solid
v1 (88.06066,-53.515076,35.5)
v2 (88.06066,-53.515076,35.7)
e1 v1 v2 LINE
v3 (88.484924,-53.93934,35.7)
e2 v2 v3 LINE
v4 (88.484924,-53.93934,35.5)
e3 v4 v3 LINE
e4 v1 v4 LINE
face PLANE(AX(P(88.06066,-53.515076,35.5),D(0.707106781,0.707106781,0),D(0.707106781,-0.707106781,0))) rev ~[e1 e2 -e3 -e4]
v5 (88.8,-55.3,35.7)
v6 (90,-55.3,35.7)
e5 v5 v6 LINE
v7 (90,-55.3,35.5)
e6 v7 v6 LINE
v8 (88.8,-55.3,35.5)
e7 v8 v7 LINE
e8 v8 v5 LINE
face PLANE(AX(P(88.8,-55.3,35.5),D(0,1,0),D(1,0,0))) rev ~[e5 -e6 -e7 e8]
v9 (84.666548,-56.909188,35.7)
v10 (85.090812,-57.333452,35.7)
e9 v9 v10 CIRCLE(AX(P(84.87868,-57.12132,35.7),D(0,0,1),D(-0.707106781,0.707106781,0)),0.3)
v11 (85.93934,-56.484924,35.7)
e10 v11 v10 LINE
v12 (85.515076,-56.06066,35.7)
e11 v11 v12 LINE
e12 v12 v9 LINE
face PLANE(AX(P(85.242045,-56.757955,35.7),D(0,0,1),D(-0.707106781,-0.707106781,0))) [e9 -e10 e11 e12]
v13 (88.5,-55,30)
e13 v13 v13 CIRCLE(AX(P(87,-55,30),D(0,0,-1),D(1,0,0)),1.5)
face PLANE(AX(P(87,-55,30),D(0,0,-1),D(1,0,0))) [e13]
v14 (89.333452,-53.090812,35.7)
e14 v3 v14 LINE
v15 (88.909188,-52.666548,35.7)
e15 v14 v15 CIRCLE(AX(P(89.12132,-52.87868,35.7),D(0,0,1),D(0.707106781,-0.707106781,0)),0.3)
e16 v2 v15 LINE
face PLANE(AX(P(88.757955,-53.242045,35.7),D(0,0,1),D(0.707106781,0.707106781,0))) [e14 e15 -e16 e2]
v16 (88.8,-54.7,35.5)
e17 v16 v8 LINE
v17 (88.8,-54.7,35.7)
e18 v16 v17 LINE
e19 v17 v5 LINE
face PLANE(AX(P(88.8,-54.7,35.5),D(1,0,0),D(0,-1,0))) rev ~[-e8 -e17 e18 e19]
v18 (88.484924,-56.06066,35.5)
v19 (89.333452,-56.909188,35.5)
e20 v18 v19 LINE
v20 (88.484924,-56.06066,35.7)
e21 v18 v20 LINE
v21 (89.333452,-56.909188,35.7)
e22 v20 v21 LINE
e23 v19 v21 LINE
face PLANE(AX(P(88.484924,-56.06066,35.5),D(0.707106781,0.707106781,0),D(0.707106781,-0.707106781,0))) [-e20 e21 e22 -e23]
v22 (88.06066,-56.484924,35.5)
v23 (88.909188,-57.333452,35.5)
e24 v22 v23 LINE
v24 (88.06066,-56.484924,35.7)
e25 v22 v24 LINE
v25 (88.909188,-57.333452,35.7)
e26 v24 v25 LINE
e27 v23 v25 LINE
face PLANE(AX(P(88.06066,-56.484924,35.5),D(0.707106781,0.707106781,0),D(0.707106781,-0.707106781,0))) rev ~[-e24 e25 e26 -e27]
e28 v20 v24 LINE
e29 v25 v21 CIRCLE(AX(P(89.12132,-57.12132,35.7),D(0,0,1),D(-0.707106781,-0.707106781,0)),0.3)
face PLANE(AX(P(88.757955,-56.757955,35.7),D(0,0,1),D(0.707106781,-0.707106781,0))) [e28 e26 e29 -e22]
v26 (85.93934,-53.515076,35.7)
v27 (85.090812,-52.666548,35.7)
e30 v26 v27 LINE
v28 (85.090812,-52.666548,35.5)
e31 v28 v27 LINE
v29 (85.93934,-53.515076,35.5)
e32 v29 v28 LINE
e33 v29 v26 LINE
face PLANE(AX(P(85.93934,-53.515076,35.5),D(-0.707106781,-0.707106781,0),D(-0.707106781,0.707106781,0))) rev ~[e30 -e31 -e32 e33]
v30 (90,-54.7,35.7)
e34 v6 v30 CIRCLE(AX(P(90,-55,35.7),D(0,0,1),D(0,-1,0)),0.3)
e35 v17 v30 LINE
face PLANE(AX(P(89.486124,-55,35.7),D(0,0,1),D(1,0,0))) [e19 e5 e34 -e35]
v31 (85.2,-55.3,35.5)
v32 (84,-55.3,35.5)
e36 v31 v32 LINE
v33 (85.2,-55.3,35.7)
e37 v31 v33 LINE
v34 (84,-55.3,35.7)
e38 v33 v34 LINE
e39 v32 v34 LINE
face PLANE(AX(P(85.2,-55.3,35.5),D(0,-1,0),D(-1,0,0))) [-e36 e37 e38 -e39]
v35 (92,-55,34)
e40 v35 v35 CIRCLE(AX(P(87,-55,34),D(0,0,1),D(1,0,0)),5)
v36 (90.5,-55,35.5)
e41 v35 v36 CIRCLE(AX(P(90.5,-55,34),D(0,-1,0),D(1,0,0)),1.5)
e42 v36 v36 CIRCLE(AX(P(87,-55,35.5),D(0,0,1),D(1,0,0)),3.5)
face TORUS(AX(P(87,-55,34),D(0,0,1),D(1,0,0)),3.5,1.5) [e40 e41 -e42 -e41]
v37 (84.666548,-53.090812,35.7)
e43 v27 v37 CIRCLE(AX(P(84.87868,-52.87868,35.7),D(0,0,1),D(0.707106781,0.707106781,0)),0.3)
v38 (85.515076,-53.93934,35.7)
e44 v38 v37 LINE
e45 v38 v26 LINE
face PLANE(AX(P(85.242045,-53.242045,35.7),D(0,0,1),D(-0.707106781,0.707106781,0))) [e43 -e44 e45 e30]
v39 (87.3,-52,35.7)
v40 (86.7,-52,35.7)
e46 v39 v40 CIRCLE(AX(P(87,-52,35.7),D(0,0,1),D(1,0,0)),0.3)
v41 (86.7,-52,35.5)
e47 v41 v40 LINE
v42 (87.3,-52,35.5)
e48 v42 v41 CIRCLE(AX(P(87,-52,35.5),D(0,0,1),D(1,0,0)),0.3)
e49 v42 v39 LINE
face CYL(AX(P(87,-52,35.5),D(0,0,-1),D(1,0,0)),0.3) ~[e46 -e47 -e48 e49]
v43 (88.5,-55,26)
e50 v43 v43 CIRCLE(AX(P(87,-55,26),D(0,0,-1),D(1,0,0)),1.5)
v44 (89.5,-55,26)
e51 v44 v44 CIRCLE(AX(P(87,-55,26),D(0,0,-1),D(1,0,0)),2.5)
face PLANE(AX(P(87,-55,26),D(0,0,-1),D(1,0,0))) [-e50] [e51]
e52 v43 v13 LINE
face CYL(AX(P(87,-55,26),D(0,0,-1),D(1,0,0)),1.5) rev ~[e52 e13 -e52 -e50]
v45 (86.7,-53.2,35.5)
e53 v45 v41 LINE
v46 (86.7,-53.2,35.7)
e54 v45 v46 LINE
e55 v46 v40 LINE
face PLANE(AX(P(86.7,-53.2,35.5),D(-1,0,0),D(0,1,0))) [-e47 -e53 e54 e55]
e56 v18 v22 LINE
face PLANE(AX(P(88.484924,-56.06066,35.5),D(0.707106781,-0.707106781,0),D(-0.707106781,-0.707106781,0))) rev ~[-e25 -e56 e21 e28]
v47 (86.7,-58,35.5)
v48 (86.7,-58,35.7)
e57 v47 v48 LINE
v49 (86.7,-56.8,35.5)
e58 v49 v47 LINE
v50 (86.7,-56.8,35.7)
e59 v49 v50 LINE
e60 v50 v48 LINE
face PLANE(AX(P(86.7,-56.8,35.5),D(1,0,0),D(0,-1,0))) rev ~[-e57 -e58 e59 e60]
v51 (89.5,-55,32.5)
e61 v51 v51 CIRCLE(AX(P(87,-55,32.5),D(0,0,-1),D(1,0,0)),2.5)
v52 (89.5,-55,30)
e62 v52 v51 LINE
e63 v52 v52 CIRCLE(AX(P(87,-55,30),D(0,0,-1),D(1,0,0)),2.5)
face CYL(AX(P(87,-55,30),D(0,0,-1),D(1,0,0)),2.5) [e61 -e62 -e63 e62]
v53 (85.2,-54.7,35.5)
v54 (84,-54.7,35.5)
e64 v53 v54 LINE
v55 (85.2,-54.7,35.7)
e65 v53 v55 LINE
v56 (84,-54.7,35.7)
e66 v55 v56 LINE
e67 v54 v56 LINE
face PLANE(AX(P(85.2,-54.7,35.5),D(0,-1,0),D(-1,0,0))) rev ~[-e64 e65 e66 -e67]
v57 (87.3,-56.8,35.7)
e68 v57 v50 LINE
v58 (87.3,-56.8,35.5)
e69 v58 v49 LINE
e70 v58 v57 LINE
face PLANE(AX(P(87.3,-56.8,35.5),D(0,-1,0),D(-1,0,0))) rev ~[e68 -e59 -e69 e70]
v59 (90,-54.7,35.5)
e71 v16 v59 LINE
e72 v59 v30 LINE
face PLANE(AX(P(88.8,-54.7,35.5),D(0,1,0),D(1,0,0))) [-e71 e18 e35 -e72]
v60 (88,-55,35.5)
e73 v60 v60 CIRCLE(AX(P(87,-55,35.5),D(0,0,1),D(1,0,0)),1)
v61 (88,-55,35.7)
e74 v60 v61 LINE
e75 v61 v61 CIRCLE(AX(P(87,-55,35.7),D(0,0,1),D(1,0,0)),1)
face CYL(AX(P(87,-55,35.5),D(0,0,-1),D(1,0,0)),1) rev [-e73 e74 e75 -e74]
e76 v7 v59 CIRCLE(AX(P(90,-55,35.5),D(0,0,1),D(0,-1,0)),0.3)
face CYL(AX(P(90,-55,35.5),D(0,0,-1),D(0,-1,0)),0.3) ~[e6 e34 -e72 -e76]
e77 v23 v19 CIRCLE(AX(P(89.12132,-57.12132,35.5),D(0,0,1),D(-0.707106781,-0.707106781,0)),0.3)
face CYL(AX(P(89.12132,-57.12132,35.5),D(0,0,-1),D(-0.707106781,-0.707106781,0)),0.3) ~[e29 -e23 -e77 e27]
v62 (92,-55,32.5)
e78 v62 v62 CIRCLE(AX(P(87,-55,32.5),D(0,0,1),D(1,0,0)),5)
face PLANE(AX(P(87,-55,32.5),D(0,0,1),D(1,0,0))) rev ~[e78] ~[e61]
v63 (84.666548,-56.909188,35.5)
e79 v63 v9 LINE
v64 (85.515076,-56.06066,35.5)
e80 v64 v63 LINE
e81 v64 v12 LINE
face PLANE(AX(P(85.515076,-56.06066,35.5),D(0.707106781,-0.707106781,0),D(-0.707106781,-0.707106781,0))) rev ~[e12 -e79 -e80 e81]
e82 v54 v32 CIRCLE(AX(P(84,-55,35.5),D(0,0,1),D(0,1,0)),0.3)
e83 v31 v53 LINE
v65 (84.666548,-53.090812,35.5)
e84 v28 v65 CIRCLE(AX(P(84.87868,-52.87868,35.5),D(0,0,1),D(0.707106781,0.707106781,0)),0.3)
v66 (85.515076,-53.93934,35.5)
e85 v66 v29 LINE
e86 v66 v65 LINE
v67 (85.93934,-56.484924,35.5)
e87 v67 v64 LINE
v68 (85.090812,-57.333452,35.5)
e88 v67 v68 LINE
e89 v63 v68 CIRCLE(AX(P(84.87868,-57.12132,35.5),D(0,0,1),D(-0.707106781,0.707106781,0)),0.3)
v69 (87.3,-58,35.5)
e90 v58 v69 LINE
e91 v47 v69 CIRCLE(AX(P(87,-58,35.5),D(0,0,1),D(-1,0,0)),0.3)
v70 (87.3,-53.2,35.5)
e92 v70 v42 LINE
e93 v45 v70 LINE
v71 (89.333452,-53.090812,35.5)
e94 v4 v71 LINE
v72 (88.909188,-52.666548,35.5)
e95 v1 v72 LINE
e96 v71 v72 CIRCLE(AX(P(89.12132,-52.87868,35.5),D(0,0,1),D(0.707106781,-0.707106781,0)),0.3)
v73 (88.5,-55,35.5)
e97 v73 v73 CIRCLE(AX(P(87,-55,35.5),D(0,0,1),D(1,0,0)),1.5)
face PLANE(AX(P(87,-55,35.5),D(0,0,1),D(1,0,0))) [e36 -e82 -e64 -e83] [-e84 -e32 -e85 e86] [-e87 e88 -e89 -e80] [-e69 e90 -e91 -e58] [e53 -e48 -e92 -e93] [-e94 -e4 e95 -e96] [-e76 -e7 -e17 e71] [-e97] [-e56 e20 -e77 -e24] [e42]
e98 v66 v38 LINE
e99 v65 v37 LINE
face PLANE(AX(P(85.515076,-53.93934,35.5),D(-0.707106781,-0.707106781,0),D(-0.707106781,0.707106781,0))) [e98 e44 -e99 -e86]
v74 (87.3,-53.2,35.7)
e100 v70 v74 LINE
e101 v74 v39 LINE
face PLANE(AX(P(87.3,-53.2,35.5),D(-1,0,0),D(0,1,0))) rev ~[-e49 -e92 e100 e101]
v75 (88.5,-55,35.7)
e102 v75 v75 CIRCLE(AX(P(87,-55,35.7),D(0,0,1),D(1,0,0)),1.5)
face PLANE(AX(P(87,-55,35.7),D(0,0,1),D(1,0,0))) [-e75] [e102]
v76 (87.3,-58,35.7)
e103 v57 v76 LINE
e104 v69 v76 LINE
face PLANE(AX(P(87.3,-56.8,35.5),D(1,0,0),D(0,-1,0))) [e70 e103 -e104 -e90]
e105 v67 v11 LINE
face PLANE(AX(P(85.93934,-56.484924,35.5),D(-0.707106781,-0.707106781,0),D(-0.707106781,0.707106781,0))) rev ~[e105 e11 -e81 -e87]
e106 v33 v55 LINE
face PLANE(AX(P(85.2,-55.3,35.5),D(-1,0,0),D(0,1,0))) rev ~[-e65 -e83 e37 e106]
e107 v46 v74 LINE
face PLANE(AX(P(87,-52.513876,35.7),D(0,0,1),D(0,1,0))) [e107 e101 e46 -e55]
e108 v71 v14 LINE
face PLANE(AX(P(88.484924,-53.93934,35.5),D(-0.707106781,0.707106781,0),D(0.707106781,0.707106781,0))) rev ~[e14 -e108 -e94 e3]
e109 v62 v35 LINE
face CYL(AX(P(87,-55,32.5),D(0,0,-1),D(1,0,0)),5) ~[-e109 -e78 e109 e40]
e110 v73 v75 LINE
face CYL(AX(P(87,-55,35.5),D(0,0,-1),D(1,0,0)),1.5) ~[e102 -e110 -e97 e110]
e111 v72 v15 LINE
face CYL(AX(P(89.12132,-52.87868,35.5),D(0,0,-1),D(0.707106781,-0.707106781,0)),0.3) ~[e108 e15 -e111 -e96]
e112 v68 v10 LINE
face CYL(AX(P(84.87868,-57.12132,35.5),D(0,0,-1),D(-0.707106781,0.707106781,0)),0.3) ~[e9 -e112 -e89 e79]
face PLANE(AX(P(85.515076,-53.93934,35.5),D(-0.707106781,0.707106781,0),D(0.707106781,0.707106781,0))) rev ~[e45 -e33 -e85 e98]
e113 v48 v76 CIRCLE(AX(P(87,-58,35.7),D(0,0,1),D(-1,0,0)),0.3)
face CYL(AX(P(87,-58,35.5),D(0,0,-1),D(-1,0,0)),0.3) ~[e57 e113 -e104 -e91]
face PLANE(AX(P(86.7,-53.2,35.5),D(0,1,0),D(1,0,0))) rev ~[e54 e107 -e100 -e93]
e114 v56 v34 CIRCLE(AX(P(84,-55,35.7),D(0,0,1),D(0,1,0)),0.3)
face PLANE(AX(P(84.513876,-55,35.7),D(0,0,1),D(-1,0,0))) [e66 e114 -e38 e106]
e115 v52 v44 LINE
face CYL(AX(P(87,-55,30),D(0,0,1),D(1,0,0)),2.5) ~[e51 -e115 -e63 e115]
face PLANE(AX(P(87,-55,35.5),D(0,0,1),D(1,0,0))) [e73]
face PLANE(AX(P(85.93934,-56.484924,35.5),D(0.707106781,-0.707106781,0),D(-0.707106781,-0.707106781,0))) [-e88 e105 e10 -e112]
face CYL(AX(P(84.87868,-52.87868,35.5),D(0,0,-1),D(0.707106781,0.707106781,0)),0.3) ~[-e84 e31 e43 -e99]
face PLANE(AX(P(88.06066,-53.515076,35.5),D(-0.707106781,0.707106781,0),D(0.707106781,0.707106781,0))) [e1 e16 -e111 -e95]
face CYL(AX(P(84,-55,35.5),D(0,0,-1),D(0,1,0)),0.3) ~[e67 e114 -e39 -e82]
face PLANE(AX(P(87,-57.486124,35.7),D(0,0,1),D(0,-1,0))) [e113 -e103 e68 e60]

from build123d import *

# Parameters (mm, degrees)
SKETCH046_R        = 2.5
PAD023_DEPTH       = 2.5
SKETCH047_R        = 5
PAD024_DEPTH       = 3
FILLET003_R        = 1.5
SKETCH049_R        = 2.5
PAD025_DEPTH       = 4
SKETCH050_R        = 1.5
POCKET026_DEPTH    = 4
PAD053_DEPTH       = 0.2
SKETCH087_R        = 1.5
SKETCH087_R_2      = 1
PAD054_DEPTH       = 0.2
POLARPATTERN_COUNT = 8


with BuildPart() as part:
    # Sketch046 → Pad023 (new body)
    with BuildSketch(Plane(origin=(0, 0, 30), x_dir=(1, 0, 0), z_dir=(0, 0, -1))):
        with Locations((101, 55)):
            Circle(SKETCH046_R)
    extrude(amount=-PAD023_DEPTH)

    # Sketch047 (on Face3 of Pad023) → Pad024 (join)
    with BuildSketch(Plane.XY.offset(32.5)):
        with Locations((101, -55)):
            Circle(SKETCH047_R)
    extrude(amount=PAD024_DEPTH)

    # Fillet003
    fillet003_edges = [part.edges().sort_by_distance(p)[0] for p in [
        (96, -55, 35.5),
    ]]
    fillet(fillet003_edges, radius=FILLET003_R)

    # Sketch049 → Pad025 (join)
    with BuildSketch(Plane(origin=(0, 0, 30), x_dir=(1, 0, 0), z_dir=(0, 0, -1))):
        with Locations((101, 55)):
            Circle(SKETCH049_R)
    extrude(amount=PAD025_DEPTH)

    # Sketch050 (on Face17 of Pad025) → Pocket026 (cut)
    with BuildSketch(Plane(origin=(0, 0, 26), x_dir=(1, 0, 0), z_dir=(0, 0, -1))):
        with Locations((101, 55)):
            Circle(SKETCH050_R)
    extrude(amount=-POCKET026_DEPTH, mode=Mode.SUBTRACT)


with BuildPart() as part_1:
    # Body002 placement: moved
    add(part.part.moved(Location((75, 0, 0))))

    # Sketch086 (on Face4 of Clone001) → Pad053 (new body)
    with BuildSketch(Plane(origin=(176, -55, 35.5), x_dir=(1, 0, 0), z_dir=(0, 0, 1))):
        with BuildLine():
            Line((1.8, 0.3), (1.8, -0.3))
            Line((1.8, -0.3), (3, -0.3))
            ThreePointArc((3, -0.3), (3.3, 0), (3, 0.3))
            Line((1.8, 0.3), (3, 0.3))
        make_face()
    pad053 = extrude(amount=PAD053_DEPTH)

    # Sketch087 (on Face4 of Clone001) → Pad054 (join)
    with BuildSketch(Plane(origin=(176, -55, 35.5), x_dir=(1, 0, 0), z_dir=(0, 0, 1))):
        Circle(SKETCH087_R)
        Circle(SKETCH087_R_2, mode=Mode.SUBTRACT)
    extrude(amount=PAD054_DEPTH)

    # PolarPattern: Pad053 ×8 about axis
    polarpattern_axis = Axis((176, -55, 35.5), (0, 0, 1))
    for i in range(1, POLARPATTERN_COUNT):
        add(pad053.rotate(polarpattern_axis, i * 360 / POLARPATTERN_COUNT))


with BuildPart() as part_2:
    # Body011 placement: moved
    add(part_1.part.moved(Location((-89, 0, 0))))


solid = part_2.part
